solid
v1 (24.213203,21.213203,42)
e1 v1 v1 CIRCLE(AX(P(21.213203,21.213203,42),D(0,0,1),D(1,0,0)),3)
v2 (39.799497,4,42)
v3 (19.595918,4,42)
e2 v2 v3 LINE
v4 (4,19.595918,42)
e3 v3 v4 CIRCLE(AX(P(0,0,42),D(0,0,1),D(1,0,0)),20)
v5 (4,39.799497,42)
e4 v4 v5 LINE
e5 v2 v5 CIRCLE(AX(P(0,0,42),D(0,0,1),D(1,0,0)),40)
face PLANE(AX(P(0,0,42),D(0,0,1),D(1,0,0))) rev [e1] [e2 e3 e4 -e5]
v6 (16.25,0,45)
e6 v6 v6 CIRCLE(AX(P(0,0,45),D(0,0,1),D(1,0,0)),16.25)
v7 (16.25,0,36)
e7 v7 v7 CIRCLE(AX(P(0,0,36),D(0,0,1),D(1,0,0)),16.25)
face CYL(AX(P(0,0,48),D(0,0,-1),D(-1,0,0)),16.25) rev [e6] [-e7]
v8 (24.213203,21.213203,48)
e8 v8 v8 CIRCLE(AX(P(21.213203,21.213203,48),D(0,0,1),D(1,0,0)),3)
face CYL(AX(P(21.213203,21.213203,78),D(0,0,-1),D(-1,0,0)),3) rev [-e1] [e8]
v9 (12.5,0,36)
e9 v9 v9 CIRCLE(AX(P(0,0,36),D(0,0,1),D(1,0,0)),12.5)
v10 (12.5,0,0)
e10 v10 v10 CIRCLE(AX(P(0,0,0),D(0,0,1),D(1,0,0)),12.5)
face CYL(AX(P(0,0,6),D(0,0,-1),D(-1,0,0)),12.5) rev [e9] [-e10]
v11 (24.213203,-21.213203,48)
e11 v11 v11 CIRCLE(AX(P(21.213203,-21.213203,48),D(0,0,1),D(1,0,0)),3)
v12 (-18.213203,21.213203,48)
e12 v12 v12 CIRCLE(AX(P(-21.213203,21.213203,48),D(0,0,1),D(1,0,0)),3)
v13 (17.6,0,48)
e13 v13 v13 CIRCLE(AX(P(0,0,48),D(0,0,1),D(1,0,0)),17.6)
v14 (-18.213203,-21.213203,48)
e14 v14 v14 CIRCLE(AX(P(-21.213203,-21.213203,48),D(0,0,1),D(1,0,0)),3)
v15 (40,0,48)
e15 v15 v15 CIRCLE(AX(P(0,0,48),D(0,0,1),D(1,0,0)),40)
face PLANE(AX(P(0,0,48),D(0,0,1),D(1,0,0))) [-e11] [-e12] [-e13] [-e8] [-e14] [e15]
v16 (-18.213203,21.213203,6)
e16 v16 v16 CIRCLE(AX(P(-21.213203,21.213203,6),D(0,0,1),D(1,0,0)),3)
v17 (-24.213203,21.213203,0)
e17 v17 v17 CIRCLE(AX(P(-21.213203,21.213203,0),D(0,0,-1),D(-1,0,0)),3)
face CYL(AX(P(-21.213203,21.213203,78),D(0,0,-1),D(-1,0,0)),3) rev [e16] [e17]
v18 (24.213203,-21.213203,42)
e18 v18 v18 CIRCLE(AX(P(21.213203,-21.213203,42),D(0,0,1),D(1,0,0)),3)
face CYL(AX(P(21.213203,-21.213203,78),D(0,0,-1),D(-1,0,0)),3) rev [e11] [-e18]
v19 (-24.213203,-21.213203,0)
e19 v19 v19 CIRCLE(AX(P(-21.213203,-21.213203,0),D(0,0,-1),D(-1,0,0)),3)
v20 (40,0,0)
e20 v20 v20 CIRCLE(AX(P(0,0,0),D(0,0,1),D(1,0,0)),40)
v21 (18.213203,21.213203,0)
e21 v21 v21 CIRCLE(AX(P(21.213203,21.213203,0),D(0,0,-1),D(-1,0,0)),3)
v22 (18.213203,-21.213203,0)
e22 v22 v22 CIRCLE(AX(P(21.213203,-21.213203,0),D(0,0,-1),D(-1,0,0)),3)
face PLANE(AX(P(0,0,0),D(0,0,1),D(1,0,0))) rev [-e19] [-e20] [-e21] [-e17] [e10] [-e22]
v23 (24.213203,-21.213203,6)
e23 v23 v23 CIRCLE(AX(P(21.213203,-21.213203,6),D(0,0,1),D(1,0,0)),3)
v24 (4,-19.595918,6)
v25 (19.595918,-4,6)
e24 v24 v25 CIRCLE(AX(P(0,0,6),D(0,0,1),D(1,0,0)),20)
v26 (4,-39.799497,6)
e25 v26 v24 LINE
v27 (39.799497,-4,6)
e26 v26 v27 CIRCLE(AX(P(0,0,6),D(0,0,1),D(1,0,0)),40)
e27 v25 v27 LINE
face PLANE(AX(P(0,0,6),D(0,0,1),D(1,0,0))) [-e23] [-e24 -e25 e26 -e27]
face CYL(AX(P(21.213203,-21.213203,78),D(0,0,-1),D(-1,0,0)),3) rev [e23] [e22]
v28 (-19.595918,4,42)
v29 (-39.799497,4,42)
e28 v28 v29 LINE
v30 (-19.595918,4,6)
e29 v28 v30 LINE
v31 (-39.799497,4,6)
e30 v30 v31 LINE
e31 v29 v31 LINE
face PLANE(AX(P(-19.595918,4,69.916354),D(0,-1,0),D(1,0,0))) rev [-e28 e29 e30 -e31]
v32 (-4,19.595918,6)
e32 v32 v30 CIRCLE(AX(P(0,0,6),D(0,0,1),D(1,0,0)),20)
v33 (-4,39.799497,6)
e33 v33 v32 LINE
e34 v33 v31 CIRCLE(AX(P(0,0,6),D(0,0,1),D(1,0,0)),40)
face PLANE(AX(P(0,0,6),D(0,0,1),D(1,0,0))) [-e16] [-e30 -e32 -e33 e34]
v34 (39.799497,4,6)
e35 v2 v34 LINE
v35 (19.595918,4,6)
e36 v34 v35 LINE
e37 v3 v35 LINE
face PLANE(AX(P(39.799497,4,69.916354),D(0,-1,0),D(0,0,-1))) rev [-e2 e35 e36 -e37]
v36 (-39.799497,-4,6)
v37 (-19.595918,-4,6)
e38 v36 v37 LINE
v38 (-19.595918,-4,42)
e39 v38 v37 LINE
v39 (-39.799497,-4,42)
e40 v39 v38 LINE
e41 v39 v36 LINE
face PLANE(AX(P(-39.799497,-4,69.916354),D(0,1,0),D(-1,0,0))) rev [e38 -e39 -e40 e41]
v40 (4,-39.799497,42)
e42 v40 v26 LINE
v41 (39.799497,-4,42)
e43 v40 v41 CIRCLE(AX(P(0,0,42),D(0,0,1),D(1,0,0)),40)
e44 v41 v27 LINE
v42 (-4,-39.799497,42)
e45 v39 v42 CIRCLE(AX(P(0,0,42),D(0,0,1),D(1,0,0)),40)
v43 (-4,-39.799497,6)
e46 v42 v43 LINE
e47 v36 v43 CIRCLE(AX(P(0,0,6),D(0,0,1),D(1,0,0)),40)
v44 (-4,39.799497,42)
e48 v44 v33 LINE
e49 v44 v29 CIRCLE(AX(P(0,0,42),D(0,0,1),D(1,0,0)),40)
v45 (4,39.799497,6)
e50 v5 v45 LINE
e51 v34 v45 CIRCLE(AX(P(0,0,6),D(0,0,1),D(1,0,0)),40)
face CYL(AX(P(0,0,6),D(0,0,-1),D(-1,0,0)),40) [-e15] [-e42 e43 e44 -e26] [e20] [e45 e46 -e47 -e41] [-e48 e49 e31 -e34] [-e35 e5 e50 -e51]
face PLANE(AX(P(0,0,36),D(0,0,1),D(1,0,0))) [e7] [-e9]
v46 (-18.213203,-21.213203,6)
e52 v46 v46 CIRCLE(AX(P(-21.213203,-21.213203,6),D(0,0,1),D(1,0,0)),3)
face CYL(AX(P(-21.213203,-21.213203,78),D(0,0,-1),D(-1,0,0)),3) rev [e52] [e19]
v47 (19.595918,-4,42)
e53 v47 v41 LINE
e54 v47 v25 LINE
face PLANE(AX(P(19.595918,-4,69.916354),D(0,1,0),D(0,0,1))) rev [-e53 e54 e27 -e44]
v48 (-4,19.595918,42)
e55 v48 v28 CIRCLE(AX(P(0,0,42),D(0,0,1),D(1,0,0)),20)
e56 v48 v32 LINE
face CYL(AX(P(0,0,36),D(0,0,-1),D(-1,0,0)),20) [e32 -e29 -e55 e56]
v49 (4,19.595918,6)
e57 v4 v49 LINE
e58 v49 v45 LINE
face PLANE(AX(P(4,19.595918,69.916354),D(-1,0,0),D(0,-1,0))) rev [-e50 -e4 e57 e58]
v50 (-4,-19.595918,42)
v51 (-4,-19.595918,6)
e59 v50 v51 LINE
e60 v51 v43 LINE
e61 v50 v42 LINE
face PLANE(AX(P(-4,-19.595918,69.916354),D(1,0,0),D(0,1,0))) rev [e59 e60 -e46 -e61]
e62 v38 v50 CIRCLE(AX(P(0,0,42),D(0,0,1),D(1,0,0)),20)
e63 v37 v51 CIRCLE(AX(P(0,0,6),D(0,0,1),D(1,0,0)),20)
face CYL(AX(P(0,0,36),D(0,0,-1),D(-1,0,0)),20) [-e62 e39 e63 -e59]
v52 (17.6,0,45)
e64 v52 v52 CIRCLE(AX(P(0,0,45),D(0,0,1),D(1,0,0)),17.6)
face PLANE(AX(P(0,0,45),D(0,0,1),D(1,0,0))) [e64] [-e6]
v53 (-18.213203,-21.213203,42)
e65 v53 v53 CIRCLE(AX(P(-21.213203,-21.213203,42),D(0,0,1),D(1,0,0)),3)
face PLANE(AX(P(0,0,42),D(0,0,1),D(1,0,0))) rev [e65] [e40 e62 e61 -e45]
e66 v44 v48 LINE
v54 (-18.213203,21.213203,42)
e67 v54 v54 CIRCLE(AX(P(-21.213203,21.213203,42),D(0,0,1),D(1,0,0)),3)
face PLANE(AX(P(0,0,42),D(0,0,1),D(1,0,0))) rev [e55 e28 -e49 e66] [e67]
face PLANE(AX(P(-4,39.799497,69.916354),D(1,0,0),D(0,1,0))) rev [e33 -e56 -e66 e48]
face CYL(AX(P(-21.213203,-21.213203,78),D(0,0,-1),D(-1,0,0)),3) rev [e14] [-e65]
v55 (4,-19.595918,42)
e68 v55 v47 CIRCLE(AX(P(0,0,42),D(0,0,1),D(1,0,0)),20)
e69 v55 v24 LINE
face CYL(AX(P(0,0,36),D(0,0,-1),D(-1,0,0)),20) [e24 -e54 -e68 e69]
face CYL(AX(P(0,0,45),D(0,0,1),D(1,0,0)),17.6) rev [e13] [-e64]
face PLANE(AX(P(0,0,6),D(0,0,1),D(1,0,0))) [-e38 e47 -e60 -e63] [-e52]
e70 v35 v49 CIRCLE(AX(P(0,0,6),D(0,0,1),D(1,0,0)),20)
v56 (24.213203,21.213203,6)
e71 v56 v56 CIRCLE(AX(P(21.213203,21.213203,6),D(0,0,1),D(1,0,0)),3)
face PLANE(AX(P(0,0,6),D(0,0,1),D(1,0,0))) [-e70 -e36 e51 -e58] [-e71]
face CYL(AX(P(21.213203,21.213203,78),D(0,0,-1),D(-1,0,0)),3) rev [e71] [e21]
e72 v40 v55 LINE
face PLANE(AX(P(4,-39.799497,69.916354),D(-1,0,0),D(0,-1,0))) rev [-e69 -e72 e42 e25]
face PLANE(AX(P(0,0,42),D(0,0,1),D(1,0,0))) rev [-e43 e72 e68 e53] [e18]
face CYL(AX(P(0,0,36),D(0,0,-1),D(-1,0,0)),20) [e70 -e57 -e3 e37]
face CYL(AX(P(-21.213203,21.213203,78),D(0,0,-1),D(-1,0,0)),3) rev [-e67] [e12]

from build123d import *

# Parameters (mm, degrees)
SKETCH1_R            = 40
SKETCH1_R_2          = 12.5
BOSS_EXTRUDE1_DEPTH  = 6
SKETCH2_R            = 20
SKETCH2_R_2          = 12.5
BOSS_EXTRUDE2_DEPTH  = 30
SKETCH6_R            = 20
SKETCH6_R_2          = 16.25
BOSS_EXTRUDE5_DEPTH  = 12
BOSS_EXTRUDE6_DEPTH  = 42
SKETCH9_R            = 17.6
CUT_EXTRUDE1_DEPTH   = 3
BOSS_EXTRUDE14_START = -6
SKETCH11_R           = 40
SKETCH11_R_2         = 20
BOSS_EXTRUDE14_DEPTH = 6
SKETCH12_R           = 3
CUT_EXTRUDE2_DEPTH   = 78


with BuildPart() as part:
    # Sketch1 → Boss-Extrude1 (new body)
    with BuildSketch(Plane.XY):
        Circle(SKETCH1_R)
        Circle(SKETCH1_R_2, mode=Mode.SUBTRACT)
    extrude(amount=BOSS_EXTRUDE1_DEPTH)

    # Sketch2 → Boss-Extrude2 (add)
    with BuildSketch(Plane.XY.offset(6)):
        Circle(SKETCH2_R)
        Circle(SKETCH2_R_2, mode=Mode.SUBTRACT)
    extrude(amount=BOSS_EXTRUDE2_DEPTH)

    # Sketch6 → Boss-Extrude5 (add)
    with BuildSketch(Plane.XY.offset(36)):
        Circle(SKETCH6_R)
        Circle(SKETCH6_R_2, mode=Mode.SUBTRACT)
    extrude(amount=BOSS_EXTRUDE5_DEPTH)

    # Sketch8 → Boss-Extrude6 (add)
    with BuildSketch(Plane.XY.offset(6)):
        with BuildLine():
            Line((4, -39.799497484), (4, -19.595917942))
            ThreePointArc((4, -19.595917942), (0, -20), (-4, -19.595917942))
            Line((-4, -19.595917942), (-4, -39.799497484))
            ThreePointArc((-4, -39.799497484), (0, -40), (4, -39.799497484))
        make_face()
        with BuildLine():
            Line((39.799497484, 4), (19.595917942, 4))
            ThreePointArc((19.595917942, 4), (20, 0), (19.595917942, -4))
            Line((19.595917942, -4), (39.799497484, -4))
            ThreePointArc((39.799497484, -4), (40, 0), (39.799497484, 4))
        make_face()
        with BuildLine():
            Line((-39.799497484, -4), (-19.595917942, -4))
            ThreePointArc((-19.595917942, -4), (-20, 0), (-19.595917942, 4))
            Line((-19.595917942, 4), (-39.799497484, 4))
            ThreePointArc((-39.799497484, 4), (-40, 0), (-39.799497484, -4))
        make_face()
        with BuildLine():
            Line((-4, 39.799497484), (-4, 19.595917942))
            ThreePointArc((-4, 19.595917942), (0, 20), (4, 19.595917942))
            Line((4, 19.595917942), (4, 39.799497484))
            ThreePointArc((4, 39.799497484), (0, 40), (-4, 39.799497484))
        make_face()
    extrude(amount=BOSS_EXTRUDE6_DEPTH)

    # Sketch9 → Cut-Extrude1 (cut)
    with BuildSketch(Plane.XY.offset(48)):
        Circle(SKETCH9_R)
    extrude(amount=-CUT_EXTRUDE1_DEPTH, mode=Mode.SUBTRACT)

    # Sketch11 → Boss-Extrude14 (add)
    with BuildSketch(Plane.XY.offset(48).offset(BOSS_EXTRUDE14_START)):
        Circle(SKETCH11_R)
        Circle(SKETCH11_R_2, mode=Mode.SUBTRACT)
    extrude(amount=BOSS_EXTRUDE14_DEPTH)

    # Sketch12 → Cut-Extrude2 (cut)
    with BuildSketch(Plane(origin=(0, 0, 0), x_dir=(-1, 0, 0), z_dir=(0, 0, -1))):
        with Locations(Location((-21.213203436, 21.213203436, 0), (0, 0, 180))):
            Circle(SKETCH12_R)
        with Locations(Location((21.213203436, 21.213203436, 0), (0, 0, 180))):
            Circle(SKETCH12_R)
        with Locations(Location((21.213203436, -21.213203436, 0), (0, 0, 180))):
            Circle(SKETCH12_R)
        with Locations(Location((-21.213203436, -21.213203436, 0), (0, 0, 180))):
            Circle(SKETCH12_R)
    extrude(amount=-CUT_EXTRUDE2_DEPTH, mode=Mode.SUBTRACT)


solid = part.part
